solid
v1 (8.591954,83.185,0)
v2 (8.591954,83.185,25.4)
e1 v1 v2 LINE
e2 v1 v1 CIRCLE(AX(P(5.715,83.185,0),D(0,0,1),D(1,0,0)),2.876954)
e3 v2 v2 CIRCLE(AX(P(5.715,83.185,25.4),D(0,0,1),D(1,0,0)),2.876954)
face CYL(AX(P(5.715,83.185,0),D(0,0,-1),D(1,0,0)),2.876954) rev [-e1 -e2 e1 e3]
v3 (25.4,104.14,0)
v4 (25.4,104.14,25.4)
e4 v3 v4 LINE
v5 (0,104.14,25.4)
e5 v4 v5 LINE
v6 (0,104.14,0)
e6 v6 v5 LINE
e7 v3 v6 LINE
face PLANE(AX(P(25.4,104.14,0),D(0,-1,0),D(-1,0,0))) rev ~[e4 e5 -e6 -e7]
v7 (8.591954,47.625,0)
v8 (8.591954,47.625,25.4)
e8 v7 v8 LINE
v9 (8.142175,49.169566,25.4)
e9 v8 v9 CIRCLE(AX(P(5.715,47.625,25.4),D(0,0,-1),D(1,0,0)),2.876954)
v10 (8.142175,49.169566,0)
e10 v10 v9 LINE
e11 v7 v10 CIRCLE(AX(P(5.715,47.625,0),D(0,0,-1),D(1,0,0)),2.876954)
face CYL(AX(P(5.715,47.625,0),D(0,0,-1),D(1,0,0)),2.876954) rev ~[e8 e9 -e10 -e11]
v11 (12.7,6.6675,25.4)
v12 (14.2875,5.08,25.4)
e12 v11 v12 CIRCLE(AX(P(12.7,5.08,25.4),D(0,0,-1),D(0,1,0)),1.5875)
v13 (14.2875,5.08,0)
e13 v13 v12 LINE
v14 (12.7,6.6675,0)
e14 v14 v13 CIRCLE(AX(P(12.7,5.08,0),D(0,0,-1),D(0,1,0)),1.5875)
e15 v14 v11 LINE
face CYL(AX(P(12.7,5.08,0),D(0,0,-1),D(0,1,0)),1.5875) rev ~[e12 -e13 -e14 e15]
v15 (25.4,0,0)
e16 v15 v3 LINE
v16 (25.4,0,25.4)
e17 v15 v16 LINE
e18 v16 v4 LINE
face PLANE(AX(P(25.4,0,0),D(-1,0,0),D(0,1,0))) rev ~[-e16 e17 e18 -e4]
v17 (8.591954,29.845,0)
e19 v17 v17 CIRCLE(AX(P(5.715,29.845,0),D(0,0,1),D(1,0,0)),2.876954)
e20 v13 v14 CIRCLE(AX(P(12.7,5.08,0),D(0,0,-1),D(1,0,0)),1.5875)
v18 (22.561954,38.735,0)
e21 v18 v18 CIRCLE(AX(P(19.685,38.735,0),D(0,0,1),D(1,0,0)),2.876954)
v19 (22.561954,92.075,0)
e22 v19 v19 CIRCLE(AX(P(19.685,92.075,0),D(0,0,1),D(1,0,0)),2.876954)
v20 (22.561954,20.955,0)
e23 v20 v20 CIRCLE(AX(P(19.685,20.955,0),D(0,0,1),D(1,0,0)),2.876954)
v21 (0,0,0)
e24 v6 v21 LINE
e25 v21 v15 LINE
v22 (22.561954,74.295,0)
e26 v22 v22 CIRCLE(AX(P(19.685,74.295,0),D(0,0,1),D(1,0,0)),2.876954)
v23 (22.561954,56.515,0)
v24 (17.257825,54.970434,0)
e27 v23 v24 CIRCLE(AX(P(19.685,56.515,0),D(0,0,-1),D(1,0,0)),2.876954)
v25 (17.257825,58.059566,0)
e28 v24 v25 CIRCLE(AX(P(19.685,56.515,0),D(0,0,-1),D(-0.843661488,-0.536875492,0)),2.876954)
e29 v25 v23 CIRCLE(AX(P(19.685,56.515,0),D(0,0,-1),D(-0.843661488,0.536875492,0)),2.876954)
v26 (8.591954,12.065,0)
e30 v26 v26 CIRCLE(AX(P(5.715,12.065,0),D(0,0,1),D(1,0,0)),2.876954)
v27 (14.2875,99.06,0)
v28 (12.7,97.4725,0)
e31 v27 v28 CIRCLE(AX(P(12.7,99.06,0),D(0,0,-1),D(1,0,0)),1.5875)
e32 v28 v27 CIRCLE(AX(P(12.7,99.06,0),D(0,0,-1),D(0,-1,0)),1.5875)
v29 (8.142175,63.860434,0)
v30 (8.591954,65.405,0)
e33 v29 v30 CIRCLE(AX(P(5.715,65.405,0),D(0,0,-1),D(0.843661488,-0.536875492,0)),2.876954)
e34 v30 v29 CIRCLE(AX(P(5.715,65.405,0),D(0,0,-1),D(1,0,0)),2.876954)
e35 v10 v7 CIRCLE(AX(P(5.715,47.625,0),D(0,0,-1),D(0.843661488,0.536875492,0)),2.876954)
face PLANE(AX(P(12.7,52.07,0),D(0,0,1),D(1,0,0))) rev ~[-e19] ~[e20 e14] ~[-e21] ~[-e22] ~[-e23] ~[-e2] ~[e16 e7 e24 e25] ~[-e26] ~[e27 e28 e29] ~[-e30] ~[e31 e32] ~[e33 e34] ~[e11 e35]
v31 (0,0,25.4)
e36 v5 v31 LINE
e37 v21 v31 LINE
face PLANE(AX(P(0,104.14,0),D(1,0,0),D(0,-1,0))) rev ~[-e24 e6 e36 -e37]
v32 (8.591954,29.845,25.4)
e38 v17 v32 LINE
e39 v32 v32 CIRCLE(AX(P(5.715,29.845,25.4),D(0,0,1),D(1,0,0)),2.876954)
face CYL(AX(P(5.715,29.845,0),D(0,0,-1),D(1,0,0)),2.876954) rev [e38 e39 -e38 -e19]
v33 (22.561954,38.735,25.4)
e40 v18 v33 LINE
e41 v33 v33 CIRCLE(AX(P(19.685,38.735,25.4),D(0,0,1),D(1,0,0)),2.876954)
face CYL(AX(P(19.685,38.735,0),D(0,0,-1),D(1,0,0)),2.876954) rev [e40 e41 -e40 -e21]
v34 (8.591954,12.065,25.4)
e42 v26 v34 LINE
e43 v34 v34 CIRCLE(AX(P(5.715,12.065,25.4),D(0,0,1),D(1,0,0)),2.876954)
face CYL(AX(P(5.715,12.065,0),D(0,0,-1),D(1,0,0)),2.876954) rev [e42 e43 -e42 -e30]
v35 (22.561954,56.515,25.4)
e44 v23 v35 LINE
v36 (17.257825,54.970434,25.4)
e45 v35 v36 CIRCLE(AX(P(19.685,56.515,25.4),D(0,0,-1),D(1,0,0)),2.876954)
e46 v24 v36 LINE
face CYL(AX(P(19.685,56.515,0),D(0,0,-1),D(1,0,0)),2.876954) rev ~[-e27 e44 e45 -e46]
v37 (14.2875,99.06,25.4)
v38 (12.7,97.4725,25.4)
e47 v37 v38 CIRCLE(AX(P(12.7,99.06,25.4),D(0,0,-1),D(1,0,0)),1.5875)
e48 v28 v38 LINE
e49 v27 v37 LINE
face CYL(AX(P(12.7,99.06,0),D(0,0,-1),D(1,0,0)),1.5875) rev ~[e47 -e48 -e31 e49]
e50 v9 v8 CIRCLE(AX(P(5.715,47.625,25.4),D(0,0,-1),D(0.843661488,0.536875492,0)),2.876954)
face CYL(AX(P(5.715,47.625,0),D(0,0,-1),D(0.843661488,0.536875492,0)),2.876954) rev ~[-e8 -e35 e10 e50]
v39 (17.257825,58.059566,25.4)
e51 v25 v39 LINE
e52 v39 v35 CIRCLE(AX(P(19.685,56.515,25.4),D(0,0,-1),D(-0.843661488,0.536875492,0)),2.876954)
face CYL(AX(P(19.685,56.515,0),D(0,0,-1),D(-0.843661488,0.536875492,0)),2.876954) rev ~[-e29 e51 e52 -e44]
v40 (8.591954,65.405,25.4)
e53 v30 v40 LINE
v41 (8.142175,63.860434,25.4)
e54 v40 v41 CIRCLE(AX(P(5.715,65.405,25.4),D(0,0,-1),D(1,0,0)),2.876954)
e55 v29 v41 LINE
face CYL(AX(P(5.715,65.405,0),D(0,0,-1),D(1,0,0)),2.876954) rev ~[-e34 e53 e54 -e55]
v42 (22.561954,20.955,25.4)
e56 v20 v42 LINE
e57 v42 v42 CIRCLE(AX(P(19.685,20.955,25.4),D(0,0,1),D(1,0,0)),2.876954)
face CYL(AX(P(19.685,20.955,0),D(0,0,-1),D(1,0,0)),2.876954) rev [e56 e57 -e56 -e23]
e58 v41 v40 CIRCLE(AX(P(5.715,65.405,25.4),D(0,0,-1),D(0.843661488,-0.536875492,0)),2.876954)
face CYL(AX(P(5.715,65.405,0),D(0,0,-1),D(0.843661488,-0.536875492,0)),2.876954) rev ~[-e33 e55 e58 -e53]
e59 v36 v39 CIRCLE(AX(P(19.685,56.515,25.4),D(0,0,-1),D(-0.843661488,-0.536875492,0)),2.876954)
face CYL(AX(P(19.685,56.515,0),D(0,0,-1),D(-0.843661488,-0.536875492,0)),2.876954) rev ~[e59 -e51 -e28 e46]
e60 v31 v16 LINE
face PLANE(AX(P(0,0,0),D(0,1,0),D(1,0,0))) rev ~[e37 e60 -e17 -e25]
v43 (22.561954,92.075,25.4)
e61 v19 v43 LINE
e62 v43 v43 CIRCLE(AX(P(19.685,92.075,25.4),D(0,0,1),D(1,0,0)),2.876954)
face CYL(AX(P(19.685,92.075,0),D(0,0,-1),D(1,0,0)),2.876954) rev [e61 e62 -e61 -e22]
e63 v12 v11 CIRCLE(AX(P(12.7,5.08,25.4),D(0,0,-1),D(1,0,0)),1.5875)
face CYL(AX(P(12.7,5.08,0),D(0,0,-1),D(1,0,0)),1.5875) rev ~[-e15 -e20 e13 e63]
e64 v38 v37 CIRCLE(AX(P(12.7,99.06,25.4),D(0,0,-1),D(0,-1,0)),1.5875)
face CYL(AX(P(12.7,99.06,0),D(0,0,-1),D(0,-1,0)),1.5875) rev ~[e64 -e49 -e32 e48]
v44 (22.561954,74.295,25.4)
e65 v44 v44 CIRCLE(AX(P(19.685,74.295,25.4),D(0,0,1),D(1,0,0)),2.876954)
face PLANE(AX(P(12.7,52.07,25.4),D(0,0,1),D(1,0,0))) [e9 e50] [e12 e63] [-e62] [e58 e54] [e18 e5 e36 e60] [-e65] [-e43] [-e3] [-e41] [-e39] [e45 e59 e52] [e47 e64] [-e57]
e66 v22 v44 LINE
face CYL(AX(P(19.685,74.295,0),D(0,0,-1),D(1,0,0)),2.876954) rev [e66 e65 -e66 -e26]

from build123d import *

# Parameters (mm, degrees)
F0_R     = 2.8769537575
F1_DEPTH = 25.4


with BuildPart() as f1:
    # F0 (on Top) → F1 (new body)
    with BuildSketch(Plane.XY):
        Polygon((0, 52.07), (0, 0), (25.4, 0), (25.4, 104.14), (0, 104.14), align=None)
        with Locations((5.715, 12.065)):
            Circle(F0_R, mode=Mode.SUBTRACT)
        with BuildLine():
            ThreePointArc((14.2875, 5.08), (11.5774679849, 3.9574679849), (12.7, 6.6675))
            ThreePointArc((12.7, 6.6675), (13.8225320151, 6.2025320151), (14.2875, 5.08))
        make_face(mode=Mode.SUBTRACT)
        with Locations((5.715, 29.845)):
            Circle(F0_R, mode=Mode.SUBTRACT)
        with BuildLine():
            ThreePointArc((8.5919537575, 47.625), (2.9527786647, 46.820639249), (8.1421750872, 49.1695659646))
            ThreePointArc((8.1421750872, 49.1695659646), (8.4772213353, 48.429360751), (8.5919537575, 47.625))
        make_face(mode=Mode.SUBTRACT)
        with Locations((19.685, 20.955)):
            Circle(F0_R, mode=Mode.SUBTRACT)
        with Locations((19.685, 38.735)):
            Circle(F0_R, mode=Mode.SUBTRACT)
        with BuildLine():
            ThreePointArc((8.5919537575, 65.405), (8.4772213353, 64.600639249), (8.1421750872, 63.8604340354))
            ThreePointArc((8.1421750872, 63.8604340354), (2.9527786647, 66.209360751), (8.5919537575, 65.405))
        make_face(mode=Mode.SUBTRACT)
        with Locations((5.715, 83.185)):
            Circle(F0_R, mode=Mode.SUBTRACT)
        with BuildLine():
            ThreePointArc((14.2875, 99.06), (13.8225320151, 97.9374679849), (12.7, 97.4725))
            ThreePointArc((12.7, 97.4725), (11.5774679849, 100.1825320151), (14.2875, 99.06))
        make_face(mode=Mode.SUBTRACT)
        with BuildLine():
            Line((17.2578249128, 54.9704340354), (12.7, 52.07))
            Line((12.7, 52.07), (12.7, 60.96))
            Line((12.7, 60.96), (17.2578249128, 58.0595659646))
            ThreePointArc((17.2578249128, 58.0595659646), (20.489360751, 59.2772213353), (22.5619537575, 56.515))
            ThreePointArc((22.5619537575, 56.515), (20.489360751, 53.7527786647), (17.2578249128, 54.9704340354))
        make_face(mode=Mode.SUBTRACT)
        with Locations((19.685, 74.295)):
            Circle(F0_R, mode=Mode.SUBTRACT)
        with Locations((19.685, 92.075)):
            Circle(F0_R, mode=Mode.SUBTRACT)
        with BuildLine():
            Line((12.7, 60.96), (12.7, 52.07))
            Line((12.7, 52.07), (17.2578249128, 54.9704340354))
            ThreePointArc((17.2578249128, 54.9704340354), (16.8080462425, 56.515), (17.2578249128, 58.0595659646))
            Line((17.2578249128, 58.0595659646), (12.7, 60.96))
        make_face()
    extrude(amount=F1_DEPTH)


solid = f1.part
